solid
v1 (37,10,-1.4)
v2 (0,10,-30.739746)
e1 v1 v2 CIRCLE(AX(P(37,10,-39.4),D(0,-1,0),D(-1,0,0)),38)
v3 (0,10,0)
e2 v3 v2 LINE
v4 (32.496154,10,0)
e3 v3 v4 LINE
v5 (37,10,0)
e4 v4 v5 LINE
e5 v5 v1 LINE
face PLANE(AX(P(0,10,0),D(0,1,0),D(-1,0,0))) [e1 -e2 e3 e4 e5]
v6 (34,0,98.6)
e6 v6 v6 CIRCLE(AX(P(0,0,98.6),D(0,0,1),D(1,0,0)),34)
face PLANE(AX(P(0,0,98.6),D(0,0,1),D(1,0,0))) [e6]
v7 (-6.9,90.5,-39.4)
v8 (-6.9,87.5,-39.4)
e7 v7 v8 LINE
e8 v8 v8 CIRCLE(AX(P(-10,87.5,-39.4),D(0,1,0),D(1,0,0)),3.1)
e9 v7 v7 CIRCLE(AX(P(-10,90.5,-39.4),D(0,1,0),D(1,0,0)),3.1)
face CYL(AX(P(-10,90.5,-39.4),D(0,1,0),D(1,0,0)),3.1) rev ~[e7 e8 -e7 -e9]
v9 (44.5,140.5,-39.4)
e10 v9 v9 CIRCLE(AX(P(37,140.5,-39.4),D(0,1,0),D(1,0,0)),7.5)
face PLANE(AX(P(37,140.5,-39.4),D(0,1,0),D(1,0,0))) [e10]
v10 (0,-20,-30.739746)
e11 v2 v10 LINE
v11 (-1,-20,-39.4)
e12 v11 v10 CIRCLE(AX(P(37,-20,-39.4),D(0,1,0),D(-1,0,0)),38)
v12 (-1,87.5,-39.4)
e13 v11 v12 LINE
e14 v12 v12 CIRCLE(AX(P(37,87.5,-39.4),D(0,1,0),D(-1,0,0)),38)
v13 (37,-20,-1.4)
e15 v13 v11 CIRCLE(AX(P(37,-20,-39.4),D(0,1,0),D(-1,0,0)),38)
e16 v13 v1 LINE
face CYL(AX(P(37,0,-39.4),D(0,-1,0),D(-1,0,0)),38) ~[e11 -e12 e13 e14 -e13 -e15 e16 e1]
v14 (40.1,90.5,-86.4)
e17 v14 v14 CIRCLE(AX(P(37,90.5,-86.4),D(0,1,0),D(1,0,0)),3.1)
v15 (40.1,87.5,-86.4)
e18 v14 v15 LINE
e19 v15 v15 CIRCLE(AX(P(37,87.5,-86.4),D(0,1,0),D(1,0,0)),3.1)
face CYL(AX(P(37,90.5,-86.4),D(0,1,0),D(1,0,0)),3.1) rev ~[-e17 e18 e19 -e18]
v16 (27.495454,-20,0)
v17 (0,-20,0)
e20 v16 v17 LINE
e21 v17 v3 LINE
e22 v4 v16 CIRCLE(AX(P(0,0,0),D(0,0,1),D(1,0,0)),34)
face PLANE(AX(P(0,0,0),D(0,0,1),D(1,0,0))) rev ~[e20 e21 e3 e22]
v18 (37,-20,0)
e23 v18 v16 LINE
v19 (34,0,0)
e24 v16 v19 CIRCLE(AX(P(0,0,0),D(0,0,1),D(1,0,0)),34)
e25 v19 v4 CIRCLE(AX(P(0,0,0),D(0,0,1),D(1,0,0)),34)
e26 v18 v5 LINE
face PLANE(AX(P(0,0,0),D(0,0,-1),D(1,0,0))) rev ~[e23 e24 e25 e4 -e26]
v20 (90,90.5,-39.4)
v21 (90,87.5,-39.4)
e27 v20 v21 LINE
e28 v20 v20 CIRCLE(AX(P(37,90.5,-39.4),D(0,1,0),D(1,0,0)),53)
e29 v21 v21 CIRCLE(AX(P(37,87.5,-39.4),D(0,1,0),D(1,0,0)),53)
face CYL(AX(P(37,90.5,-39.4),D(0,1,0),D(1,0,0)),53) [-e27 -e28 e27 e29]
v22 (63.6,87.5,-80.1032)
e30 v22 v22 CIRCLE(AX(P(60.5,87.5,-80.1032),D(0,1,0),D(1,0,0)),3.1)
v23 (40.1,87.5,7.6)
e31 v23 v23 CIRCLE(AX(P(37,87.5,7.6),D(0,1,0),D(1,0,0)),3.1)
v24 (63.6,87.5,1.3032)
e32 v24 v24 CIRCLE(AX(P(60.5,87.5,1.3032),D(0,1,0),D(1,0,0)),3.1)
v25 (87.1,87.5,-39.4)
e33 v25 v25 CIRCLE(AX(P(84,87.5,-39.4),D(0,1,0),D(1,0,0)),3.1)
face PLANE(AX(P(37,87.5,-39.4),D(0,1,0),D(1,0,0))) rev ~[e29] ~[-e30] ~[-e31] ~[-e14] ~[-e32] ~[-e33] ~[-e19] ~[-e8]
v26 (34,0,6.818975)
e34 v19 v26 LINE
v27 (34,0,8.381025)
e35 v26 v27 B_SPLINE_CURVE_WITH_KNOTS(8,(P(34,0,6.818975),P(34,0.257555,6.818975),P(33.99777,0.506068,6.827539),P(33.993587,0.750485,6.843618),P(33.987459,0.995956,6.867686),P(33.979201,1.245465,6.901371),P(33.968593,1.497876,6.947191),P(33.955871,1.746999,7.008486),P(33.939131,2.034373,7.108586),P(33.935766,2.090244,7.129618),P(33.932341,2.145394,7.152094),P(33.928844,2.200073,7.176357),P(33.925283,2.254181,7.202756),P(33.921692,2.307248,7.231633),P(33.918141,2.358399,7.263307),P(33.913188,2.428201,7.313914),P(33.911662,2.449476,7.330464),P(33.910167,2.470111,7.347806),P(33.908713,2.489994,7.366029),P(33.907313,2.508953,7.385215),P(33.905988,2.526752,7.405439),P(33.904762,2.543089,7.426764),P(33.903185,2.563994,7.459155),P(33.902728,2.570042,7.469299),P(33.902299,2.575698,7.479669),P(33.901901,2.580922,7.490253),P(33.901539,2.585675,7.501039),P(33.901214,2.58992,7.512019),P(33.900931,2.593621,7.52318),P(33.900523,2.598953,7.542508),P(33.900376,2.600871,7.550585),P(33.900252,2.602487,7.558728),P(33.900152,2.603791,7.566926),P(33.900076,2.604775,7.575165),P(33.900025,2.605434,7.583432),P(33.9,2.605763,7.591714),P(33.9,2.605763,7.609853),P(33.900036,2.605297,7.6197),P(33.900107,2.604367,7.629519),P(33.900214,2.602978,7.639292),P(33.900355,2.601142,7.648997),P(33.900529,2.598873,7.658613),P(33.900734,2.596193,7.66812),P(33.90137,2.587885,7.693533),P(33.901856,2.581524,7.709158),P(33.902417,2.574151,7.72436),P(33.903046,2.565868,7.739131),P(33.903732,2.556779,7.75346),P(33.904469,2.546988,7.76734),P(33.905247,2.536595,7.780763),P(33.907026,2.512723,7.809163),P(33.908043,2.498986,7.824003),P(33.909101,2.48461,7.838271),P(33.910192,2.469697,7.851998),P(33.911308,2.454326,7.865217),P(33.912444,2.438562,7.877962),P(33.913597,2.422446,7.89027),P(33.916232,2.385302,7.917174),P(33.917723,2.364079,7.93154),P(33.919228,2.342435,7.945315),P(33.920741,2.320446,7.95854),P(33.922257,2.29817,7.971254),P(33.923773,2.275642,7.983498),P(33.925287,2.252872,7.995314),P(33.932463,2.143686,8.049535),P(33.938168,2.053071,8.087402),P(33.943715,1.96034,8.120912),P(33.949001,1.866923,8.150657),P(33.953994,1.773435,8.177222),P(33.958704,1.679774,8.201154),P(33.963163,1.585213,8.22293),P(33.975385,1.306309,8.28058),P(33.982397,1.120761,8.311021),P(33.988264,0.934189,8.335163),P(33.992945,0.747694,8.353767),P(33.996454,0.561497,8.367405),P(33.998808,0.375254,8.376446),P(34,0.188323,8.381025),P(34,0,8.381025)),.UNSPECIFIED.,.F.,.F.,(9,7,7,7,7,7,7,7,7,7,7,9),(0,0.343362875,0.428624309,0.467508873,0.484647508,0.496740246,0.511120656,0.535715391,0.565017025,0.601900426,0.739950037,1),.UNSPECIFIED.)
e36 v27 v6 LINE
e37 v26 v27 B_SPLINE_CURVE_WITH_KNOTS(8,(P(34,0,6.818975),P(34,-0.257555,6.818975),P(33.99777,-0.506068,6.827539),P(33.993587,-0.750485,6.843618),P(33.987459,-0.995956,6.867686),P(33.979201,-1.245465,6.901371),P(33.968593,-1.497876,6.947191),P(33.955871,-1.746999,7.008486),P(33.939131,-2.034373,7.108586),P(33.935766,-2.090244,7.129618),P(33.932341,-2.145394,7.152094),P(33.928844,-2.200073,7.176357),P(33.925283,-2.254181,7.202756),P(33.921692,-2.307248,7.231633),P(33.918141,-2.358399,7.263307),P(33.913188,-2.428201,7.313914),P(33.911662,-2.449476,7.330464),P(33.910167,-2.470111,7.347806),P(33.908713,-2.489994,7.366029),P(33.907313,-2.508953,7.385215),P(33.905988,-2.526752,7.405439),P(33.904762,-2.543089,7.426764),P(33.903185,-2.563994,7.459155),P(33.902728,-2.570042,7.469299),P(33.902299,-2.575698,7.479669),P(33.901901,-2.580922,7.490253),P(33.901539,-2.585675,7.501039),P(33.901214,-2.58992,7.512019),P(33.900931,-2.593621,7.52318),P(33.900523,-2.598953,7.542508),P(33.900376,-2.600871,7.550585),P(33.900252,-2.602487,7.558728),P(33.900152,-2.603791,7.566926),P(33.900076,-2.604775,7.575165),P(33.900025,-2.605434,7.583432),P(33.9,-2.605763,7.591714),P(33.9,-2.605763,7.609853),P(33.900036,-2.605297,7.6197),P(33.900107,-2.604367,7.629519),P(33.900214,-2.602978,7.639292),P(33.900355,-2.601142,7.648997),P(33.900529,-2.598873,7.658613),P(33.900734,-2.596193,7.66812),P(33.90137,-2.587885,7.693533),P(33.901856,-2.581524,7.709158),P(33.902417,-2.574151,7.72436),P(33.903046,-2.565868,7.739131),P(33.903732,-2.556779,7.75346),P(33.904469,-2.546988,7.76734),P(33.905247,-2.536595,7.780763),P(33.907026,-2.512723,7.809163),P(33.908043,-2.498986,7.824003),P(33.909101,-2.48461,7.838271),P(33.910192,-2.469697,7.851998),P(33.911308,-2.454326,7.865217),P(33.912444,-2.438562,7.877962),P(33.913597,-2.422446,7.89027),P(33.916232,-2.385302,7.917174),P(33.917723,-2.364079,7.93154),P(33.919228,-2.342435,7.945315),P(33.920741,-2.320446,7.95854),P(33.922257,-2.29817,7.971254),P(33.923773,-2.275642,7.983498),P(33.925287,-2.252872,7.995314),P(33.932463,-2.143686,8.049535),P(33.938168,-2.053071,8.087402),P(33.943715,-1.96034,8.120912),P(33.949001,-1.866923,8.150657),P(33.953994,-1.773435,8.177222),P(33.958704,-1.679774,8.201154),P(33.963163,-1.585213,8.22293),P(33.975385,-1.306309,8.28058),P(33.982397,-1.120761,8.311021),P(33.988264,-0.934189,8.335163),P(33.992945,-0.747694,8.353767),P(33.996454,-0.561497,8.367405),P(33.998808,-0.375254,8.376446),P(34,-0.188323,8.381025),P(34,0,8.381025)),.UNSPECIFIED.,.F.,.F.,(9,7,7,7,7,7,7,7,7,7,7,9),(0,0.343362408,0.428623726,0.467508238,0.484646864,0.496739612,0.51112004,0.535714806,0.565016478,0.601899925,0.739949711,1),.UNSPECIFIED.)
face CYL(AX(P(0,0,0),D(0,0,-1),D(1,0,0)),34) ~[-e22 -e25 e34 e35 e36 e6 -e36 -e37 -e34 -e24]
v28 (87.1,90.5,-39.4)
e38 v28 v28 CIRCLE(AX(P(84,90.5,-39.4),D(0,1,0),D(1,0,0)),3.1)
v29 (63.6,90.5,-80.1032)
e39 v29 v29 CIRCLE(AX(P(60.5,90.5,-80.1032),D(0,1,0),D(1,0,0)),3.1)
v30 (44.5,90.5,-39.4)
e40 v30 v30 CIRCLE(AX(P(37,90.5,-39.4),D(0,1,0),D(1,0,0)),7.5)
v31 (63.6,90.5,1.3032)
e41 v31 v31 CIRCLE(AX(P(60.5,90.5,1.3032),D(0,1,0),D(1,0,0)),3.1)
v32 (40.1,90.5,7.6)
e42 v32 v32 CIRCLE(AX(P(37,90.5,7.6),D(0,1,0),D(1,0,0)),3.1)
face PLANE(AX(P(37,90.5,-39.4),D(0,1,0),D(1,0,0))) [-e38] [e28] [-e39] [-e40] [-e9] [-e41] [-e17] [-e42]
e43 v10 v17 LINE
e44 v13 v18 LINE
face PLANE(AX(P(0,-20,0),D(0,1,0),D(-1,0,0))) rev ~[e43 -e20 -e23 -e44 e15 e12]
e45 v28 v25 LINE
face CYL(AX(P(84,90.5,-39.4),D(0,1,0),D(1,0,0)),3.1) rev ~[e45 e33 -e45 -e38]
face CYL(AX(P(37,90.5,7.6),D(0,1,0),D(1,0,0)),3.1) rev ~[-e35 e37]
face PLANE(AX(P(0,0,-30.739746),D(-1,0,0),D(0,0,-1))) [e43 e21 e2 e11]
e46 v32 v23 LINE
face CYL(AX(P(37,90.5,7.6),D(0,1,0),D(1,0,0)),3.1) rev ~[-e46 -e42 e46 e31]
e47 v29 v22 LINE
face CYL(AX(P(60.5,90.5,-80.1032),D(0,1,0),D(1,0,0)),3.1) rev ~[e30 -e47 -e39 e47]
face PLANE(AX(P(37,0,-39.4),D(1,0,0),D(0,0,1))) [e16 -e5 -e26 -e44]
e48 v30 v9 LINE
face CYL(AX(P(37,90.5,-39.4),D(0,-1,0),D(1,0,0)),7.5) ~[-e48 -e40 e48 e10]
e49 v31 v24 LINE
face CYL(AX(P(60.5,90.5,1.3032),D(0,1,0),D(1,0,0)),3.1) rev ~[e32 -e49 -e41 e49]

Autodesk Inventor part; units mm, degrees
ref_plane "YZ Plane" through (0, 0, 0) normal (1, 0, 0) x (0, 1, 0)
ref_plane "XZ Plane" through (0, 0, 0) normal (0, 1, 0) x (-1, 0, 0)
ref_plane "XY Plane" through (0, 0, 0) normal (0, 0, 1) x (1, 0, 0)
sketch "Sketch1" plane through (0, 0, 0) normal (0, 0, 1) x (1, 0, 0)
  circle A0 centre (0, 0) radius 34
  dimension "d0" = 68
extrude "Extrusion1" add sketch "Sketch1" along normal blind 98.6
sketch "Sketch2" plane through (0, 0, 0) normal (0, 1, 0) x (-1, 0, 0)
  circle A0 centre (-37, -39.4) radius 38
  line L0 (34, 98.6) -> (-34, 98.6) projected
  point P0 (0, 0)
  dimension "d3" = 76
  dimension "d4" = 138
  dimension "d5" = 37
extrude "Extrusion2" add sketch "Sketch2" along normal blind 90.5 and the other way blind 20
sketch "Sketch3" plane through (37, 90.5, -39.4) normal (0, 1, 0) x (1, 0, 0)
  circle A0 centre (0, 0) radius 53
  circle A1 centre (0, 0) radius 38 projected
  point P0 (-37, -39.4)
  dimension "d10" = 106
extrude "Extrusion3" add sketch "Sketch3" against normal blind 3
sketch "Sketch4" plane through (0, 0, 0) normal (0, 1, 0) x (-1, 0, 0)
  circle A0 centre (-37, -39.4) radius 38 projected
  line L0 (0, 0) -> (-37, 0)
  line L1 (-34, 0) -> (34, 0) projected
  line L2 (0, 0) -> (0, -39.4)
  line L3 (0, -39.4) -> (-37, -39.4)
  line L4 (-37, -39.4) -> (-37, 0)
extrude "Extrusion4" add sketch "Sketch4" along normal blind 10 and the other way blind 20 contours L2 L3 L4 A0 | A0 L4 L0 L2 picked at (-12.3333, -36.5132)
sketch "Sketch5" plane through (37, 90.5, -39.4) normal (0, 1, 0) x (1, 0, 0)
  circle A0 centre (0, 0) radius 53 construction
  circle A1 centre (0, 0) radius 7.5
  point P0 (-37, -39.4)
  dimension "d17" = 15
extrude "Extrusion5" add sketch "Sketch5" along normal blind 50
sketch "Sketch6" plane through (37, 90.5, -39.4) normal (0, 1, 0) x (1, 0, 0)
  circle A0 centre (0, 0) radius 53 construction
  circle A1 centre (23.5, 40.7032) radius 3.1
  line L0 (0, 0) -> (0, 53) construction
  line L1 (0, 0) -> (23.5, 40.7032) construction
  circle A2 centre (-47, 0) radius 3.1
  circle A3 centre (23.5, -40.7032) radius 3.1
  circle A4 centre (0, 47) radius 3.1
  circle A5 centre (-47, 0) radius 3.1
  circle A6 centre (0, -47) radius 3.1
  circle A7 centre (47, 0) radius 3.1
  point P0 (-37, -39.4)
  dimension "d20" = 6.2
  dimension "d21" = 47
  dimension "d22" = 30
  dimension "d25" = 360
  dimension "d27" = 6.2
  dimension "d28" = 47
  dimension "d31" = 360
extrude "Extrusion6" cut sketch "Sketch6" against normal through all
properties part number "PN00113-6" material "ABS Plastic"
